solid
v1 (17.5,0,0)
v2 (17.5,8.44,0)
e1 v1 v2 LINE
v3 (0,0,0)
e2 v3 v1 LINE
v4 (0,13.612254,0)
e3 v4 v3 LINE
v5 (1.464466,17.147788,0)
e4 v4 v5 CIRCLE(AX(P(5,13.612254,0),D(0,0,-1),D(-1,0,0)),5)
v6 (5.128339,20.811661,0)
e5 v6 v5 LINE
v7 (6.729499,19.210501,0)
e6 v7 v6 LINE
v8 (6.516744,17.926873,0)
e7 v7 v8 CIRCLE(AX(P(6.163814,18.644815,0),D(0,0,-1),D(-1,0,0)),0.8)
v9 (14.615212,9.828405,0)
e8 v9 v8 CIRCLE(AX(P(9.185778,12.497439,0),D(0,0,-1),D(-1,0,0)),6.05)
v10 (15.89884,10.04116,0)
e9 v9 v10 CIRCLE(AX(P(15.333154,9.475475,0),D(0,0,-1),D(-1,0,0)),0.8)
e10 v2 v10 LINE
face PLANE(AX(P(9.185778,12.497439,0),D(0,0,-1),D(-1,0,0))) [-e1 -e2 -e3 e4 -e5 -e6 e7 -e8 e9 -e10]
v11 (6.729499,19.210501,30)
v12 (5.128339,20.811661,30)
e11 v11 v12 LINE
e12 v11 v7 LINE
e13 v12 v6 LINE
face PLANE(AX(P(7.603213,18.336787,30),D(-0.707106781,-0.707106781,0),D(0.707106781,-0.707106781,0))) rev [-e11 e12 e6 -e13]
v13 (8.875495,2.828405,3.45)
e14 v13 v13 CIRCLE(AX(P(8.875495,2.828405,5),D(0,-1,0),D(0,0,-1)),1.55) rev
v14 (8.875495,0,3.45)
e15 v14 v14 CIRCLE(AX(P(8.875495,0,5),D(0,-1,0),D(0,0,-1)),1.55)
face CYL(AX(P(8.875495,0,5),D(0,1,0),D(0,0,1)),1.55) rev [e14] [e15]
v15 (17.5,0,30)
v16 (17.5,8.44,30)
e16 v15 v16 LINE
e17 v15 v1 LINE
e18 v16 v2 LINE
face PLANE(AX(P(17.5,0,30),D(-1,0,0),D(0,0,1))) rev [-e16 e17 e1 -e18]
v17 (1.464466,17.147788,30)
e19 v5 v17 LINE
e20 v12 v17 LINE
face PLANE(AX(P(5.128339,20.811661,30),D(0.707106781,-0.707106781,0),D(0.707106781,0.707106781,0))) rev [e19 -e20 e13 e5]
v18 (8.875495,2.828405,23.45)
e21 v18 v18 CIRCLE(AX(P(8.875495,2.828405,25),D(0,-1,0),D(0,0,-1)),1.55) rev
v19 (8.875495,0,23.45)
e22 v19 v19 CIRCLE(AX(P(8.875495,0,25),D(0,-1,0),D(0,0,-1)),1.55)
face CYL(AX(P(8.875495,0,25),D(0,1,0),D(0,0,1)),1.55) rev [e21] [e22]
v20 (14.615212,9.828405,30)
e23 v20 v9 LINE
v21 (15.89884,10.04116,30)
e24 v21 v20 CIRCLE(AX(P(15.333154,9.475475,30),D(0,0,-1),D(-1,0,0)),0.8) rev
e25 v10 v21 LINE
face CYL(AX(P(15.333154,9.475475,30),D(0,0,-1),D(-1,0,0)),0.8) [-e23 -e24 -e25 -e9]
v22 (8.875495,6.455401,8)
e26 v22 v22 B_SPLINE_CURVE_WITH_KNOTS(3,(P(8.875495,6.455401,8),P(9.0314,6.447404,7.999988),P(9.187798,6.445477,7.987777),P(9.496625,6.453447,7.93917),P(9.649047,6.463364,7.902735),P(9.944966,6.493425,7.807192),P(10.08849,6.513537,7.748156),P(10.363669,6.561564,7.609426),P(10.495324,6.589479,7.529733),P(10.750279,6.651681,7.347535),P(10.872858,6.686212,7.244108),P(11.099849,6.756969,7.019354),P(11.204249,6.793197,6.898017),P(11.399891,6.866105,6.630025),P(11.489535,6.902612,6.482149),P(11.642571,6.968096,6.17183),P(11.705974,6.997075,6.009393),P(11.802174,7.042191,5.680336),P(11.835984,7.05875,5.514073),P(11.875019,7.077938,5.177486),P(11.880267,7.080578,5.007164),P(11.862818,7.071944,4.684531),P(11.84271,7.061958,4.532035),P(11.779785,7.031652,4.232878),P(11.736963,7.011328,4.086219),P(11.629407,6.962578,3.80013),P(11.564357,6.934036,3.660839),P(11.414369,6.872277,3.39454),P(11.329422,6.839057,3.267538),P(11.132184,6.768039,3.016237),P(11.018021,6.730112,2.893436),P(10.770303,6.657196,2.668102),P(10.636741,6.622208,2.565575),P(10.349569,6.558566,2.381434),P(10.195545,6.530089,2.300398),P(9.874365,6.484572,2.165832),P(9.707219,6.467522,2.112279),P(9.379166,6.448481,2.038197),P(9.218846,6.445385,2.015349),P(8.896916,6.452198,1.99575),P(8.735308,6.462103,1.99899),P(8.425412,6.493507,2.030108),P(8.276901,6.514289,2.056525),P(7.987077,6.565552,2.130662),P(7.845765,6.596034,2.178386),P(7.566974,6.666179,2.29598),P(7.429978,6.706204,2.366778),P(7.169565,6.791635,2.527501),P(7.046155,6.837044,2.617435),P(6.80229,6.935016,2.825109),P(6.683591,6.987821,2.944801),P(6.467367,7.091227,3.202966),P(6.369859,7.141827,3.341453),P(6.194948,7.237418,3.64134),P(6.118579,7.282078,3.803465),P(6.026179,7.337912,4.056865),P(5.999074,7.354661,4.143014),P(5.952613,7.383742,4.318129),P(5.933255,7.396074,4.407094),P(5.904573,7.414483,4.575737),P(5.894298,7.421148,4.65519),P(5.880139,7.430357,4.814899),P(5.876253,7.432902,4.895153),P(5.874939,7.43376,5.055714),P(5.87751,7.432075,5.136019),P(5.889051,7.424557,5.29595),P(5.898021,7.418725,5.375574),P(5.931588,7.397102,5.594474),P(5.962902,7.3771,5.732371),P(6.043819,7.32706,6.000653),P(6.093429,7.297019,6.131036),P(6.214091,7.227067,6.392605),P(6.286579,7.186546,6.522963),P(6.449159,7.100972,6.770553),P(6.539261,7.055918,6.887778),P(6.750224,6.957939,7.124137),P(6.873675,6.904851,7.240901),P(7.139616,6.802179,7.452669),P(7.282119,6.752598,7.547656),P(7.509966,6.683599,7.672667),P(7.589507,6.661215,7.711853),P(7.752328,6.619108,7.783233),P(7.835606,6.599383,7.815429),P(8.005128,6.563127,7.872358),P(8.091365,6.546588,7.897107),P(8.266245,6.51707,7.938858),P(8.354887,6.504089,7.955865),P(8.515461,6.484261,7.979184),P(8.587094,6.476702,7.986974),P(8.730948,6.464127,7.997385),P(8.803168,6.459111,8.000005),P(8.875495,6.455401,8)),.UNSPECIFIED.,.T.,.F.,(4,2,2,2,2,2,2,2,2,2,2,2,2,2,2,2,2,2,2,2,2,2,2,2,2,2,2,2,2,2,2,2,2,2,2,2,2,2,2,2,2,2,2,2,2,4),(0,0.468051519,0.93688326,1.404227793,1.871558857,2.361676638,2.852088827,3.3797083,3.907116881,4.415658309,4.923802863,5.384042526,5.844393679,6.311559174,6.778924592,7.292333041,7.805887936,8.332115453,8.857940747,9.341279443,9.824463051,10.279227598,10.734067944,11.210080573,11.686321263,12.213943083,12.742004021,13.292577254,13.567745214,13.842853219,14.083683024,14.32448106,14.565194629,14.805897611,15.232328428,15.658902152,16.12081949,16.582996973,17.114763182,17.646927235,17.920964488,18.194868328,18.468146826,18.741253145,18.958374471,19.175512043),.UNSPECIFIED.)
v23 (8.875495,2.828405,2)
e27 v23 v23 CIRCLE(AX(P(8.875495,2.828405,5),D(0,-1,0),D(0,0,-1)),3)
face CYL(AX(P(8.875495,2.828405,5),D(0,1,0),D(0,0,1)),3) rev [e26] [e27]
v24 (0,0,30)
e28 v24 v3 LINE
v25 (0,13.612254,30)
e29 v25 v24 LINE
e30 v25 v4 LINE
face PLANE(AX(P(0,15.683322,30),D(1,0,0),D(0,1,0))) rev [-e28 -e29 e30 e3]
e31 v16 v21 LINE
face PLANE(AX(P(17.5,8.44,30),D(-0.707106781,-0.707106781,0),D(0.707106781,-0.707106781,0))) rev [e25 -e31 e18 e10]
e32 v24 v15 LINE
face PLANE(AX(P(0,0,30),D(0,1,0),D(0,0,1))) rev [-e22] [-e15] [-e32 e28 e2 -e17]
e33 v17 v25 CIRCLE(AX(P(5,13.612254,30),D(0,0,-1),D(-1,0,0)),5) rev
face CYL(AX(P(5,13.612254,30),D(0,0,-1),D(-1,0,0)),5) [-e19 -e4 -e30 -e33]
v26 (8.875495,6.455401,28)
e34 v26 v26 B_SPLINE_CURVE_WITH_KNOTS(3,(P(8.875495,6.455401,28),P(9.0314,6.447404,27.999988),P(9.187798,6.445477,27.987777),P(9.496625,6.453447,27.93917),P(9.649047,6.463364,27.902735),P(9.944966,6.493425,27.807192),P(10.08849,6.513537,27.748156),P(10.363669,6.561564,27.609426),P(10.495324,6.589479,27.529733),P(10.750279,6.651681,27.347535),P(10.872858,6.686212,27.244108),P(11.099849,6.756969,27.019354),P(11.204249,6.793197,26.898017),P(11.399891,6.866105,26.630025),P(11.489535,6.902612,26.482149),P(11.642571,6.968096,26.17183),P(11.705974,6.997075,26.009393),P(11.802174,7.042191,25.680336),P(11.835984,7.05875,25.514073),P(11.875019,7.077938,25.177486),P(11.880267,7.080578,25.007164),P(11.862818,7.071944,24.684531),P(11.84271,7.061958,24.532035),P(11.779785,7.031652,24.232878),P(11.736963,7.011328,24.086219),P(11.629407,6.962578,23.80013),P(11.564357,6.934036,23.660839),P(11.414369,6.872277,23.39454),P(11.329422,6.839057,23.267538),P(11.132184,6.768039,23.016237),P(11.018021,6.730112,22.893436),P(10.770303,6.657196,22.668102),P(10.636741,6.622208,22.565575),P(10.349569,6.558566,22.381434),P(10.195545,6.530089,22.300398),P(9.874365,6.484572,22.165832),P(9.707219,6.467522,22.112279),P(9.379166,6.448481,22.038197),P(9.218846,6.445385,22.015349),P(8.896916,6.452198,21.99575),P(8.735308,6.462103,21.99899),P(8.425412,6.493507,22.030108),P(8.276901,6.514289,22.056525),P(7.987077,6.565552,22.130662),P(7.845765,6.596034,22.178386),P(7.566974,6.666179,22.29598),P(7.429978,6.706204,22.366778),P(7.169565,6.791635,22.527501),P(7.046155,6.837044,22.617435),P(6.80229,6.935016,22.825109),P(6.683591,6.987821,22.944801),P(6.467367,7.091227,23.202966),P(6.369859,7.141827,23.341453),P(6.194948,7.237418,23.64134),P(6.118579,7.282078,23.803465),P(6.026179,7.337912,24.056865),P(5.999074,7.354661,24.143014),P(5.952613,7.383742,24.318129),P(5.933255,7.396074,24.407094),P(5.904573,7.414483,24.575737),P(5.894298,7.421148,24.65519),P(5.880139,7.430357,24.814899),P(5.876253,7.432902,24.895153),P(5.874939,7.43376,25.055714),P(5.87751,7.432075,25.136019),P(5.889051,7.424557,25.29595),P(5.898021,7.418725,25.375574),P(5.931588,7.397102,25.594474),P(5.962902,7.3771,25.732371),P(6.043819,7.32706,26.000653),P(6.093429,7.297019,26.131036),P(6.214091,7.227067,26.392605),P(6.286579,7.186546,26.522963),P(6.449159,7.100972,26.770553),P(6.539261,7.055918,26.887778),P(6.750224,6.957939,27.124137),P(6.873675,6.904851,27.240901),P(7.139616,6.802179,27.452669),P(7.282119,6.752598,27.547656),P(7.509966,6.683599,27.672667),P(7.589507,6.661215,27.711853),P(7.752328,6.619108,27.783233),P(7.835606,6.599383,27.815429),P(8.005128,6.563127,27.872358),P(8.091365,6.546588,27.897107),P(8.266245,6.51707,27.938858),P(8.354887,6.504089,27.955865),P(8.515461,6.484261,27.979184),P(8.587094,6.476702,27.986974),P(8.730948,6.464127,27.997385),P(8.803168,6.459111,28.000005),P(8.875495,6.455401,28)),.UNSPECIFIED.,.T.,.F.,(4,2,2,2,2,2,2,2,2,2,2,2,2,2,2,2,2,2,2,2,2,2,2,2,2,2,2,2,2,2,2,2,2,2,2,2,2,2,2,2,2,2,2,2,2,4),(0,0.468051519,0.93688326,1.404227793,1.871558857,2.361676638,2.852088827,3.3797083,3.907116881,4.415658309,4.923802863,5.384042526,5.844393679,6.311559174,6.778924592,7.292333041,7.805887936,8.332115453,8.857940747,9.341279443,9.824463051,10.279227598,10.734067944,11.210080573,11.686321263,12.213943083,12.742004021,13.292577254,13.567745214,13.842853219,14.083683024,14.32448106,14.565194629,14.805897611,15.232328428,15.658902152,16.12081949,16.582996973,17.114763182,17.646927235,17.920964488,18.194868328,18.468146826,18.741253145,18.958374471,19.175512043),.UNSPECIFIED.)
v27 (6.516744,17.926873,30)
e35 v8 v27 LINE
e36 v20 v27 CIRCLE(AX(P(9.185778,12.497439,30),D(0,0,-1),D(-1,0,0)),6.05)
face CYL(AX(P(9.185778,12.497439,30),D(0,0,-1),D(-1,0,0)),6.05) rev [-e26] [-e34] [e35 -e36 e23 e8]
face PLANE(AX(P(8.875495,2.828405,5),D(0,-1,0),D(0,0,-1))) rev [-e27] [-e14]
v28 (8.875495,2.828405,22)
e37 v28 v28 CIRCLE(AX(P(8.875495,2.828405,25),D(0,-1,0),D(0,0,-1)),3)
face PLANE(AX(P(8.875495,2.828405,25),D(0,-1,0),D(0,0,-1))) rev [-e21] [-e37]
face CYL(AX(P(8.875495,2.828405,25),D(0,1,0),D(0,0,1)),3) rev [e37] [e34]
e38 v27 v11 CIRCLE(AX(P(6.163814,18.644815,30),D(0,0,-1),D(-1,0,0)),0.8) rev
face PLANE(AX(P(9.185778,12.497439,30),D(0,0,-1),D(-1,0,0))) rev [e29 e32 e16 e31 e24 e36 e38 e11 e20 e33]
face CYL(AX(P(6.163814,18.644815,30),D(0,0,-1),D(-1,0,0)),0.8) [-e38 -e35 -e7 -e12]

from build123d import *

# Parameters (mm, degrees)
BOSS_EXTRUDE1_DEPTH = 30
FILLET1_R           = 0.8
SKETCH3_R           = 3
CUT_EXTRUDE1_DEPTH  = 7
SKETCH4_R           = 1.55
CUT_EXTRUDE2_DEPTH  = 37.426390381
FILLET2_R           = 5


with BuildPart() as part:
    # Sketch1 → Boss-Extrude1 (new body)
    with BuildSketch(Plane.XY):
        with BuildLine():
            Line((0, 0), (17.5, 0))
            Line((17.5, 0), (17.5, 8.44))
            Line((17.5, 8.44), (15.025126266, 10.914873734))
            ThreePointArc((15.025126266, 10.914873734), (4.907782078, 8.219443047), (7.603212766, 18.336787234))
            Line((7.603212766, 18.336787234), (5.128339032, 20.811660968))
            Line((5.128339032, 20.811660968), (0, 15.683321936))
            Line((0, 15.683321936), (0, 0))
        make_face()
    extrude(amount=BOSS_EXTRUDE1_DEPTH)

    # Fillet1
    fillet1_edges = [part.edges().sort_by_distance(p)[0] for p in [
        (7.603212766, 18.336787234, 15),
        (15.025126266, 10.914873734, 15),
    ]]
    fillet(fillet1_edges, radius=FILLET1_R)

    # Sketch3 → Cut-Extrude1 (cut)
    with BuildSketch(Plane(origin=(0, 9.828405067, 0), x_dir=(-1, 0, 0), z_dir=(0, -1, 0))):
        with Locations(Location((-8.875495285, -5, 0), (0, 0, 270))):
            Circle(SKETCH3_R)
        with Locations(Location((-8.875495285, -25, 0), (0, 0, 270))):
            Circle(SKETCH3_R)
    extrude(amount=CUT_EXTRUDE1_DEPTH, mode=Mode.SUBTRACT)

    # Sketch4 → Cut-Extrude2 (cut, through all)
    with BuildSketch(Plane(origin=(0, 9.828405067, 0), x_dir=(-1, 0, 0), z_dir=(0, -1, 0))):
        with Locations(Location((-8.875495285, -5, 0), (0, 0, 90))):
            Circle(SKETCH4_R)
        with Locations(Location((-8.875495285, -25, 0), (0, 0, 90))):
            Circle(SKETCH4_R)
    extrude(amount=CUT_EXTRUDE2_DEPTH, mode=Mode.SUBTRACT)

    # Fillet2
    fillet2_edges = [part.edges().sort_by_distance(p)[0] for p in [
        (0, 15.683321936, 15),
    ]]
    fillet(fillet2_edges, radius=FILLET2_R)


solid = part.part
